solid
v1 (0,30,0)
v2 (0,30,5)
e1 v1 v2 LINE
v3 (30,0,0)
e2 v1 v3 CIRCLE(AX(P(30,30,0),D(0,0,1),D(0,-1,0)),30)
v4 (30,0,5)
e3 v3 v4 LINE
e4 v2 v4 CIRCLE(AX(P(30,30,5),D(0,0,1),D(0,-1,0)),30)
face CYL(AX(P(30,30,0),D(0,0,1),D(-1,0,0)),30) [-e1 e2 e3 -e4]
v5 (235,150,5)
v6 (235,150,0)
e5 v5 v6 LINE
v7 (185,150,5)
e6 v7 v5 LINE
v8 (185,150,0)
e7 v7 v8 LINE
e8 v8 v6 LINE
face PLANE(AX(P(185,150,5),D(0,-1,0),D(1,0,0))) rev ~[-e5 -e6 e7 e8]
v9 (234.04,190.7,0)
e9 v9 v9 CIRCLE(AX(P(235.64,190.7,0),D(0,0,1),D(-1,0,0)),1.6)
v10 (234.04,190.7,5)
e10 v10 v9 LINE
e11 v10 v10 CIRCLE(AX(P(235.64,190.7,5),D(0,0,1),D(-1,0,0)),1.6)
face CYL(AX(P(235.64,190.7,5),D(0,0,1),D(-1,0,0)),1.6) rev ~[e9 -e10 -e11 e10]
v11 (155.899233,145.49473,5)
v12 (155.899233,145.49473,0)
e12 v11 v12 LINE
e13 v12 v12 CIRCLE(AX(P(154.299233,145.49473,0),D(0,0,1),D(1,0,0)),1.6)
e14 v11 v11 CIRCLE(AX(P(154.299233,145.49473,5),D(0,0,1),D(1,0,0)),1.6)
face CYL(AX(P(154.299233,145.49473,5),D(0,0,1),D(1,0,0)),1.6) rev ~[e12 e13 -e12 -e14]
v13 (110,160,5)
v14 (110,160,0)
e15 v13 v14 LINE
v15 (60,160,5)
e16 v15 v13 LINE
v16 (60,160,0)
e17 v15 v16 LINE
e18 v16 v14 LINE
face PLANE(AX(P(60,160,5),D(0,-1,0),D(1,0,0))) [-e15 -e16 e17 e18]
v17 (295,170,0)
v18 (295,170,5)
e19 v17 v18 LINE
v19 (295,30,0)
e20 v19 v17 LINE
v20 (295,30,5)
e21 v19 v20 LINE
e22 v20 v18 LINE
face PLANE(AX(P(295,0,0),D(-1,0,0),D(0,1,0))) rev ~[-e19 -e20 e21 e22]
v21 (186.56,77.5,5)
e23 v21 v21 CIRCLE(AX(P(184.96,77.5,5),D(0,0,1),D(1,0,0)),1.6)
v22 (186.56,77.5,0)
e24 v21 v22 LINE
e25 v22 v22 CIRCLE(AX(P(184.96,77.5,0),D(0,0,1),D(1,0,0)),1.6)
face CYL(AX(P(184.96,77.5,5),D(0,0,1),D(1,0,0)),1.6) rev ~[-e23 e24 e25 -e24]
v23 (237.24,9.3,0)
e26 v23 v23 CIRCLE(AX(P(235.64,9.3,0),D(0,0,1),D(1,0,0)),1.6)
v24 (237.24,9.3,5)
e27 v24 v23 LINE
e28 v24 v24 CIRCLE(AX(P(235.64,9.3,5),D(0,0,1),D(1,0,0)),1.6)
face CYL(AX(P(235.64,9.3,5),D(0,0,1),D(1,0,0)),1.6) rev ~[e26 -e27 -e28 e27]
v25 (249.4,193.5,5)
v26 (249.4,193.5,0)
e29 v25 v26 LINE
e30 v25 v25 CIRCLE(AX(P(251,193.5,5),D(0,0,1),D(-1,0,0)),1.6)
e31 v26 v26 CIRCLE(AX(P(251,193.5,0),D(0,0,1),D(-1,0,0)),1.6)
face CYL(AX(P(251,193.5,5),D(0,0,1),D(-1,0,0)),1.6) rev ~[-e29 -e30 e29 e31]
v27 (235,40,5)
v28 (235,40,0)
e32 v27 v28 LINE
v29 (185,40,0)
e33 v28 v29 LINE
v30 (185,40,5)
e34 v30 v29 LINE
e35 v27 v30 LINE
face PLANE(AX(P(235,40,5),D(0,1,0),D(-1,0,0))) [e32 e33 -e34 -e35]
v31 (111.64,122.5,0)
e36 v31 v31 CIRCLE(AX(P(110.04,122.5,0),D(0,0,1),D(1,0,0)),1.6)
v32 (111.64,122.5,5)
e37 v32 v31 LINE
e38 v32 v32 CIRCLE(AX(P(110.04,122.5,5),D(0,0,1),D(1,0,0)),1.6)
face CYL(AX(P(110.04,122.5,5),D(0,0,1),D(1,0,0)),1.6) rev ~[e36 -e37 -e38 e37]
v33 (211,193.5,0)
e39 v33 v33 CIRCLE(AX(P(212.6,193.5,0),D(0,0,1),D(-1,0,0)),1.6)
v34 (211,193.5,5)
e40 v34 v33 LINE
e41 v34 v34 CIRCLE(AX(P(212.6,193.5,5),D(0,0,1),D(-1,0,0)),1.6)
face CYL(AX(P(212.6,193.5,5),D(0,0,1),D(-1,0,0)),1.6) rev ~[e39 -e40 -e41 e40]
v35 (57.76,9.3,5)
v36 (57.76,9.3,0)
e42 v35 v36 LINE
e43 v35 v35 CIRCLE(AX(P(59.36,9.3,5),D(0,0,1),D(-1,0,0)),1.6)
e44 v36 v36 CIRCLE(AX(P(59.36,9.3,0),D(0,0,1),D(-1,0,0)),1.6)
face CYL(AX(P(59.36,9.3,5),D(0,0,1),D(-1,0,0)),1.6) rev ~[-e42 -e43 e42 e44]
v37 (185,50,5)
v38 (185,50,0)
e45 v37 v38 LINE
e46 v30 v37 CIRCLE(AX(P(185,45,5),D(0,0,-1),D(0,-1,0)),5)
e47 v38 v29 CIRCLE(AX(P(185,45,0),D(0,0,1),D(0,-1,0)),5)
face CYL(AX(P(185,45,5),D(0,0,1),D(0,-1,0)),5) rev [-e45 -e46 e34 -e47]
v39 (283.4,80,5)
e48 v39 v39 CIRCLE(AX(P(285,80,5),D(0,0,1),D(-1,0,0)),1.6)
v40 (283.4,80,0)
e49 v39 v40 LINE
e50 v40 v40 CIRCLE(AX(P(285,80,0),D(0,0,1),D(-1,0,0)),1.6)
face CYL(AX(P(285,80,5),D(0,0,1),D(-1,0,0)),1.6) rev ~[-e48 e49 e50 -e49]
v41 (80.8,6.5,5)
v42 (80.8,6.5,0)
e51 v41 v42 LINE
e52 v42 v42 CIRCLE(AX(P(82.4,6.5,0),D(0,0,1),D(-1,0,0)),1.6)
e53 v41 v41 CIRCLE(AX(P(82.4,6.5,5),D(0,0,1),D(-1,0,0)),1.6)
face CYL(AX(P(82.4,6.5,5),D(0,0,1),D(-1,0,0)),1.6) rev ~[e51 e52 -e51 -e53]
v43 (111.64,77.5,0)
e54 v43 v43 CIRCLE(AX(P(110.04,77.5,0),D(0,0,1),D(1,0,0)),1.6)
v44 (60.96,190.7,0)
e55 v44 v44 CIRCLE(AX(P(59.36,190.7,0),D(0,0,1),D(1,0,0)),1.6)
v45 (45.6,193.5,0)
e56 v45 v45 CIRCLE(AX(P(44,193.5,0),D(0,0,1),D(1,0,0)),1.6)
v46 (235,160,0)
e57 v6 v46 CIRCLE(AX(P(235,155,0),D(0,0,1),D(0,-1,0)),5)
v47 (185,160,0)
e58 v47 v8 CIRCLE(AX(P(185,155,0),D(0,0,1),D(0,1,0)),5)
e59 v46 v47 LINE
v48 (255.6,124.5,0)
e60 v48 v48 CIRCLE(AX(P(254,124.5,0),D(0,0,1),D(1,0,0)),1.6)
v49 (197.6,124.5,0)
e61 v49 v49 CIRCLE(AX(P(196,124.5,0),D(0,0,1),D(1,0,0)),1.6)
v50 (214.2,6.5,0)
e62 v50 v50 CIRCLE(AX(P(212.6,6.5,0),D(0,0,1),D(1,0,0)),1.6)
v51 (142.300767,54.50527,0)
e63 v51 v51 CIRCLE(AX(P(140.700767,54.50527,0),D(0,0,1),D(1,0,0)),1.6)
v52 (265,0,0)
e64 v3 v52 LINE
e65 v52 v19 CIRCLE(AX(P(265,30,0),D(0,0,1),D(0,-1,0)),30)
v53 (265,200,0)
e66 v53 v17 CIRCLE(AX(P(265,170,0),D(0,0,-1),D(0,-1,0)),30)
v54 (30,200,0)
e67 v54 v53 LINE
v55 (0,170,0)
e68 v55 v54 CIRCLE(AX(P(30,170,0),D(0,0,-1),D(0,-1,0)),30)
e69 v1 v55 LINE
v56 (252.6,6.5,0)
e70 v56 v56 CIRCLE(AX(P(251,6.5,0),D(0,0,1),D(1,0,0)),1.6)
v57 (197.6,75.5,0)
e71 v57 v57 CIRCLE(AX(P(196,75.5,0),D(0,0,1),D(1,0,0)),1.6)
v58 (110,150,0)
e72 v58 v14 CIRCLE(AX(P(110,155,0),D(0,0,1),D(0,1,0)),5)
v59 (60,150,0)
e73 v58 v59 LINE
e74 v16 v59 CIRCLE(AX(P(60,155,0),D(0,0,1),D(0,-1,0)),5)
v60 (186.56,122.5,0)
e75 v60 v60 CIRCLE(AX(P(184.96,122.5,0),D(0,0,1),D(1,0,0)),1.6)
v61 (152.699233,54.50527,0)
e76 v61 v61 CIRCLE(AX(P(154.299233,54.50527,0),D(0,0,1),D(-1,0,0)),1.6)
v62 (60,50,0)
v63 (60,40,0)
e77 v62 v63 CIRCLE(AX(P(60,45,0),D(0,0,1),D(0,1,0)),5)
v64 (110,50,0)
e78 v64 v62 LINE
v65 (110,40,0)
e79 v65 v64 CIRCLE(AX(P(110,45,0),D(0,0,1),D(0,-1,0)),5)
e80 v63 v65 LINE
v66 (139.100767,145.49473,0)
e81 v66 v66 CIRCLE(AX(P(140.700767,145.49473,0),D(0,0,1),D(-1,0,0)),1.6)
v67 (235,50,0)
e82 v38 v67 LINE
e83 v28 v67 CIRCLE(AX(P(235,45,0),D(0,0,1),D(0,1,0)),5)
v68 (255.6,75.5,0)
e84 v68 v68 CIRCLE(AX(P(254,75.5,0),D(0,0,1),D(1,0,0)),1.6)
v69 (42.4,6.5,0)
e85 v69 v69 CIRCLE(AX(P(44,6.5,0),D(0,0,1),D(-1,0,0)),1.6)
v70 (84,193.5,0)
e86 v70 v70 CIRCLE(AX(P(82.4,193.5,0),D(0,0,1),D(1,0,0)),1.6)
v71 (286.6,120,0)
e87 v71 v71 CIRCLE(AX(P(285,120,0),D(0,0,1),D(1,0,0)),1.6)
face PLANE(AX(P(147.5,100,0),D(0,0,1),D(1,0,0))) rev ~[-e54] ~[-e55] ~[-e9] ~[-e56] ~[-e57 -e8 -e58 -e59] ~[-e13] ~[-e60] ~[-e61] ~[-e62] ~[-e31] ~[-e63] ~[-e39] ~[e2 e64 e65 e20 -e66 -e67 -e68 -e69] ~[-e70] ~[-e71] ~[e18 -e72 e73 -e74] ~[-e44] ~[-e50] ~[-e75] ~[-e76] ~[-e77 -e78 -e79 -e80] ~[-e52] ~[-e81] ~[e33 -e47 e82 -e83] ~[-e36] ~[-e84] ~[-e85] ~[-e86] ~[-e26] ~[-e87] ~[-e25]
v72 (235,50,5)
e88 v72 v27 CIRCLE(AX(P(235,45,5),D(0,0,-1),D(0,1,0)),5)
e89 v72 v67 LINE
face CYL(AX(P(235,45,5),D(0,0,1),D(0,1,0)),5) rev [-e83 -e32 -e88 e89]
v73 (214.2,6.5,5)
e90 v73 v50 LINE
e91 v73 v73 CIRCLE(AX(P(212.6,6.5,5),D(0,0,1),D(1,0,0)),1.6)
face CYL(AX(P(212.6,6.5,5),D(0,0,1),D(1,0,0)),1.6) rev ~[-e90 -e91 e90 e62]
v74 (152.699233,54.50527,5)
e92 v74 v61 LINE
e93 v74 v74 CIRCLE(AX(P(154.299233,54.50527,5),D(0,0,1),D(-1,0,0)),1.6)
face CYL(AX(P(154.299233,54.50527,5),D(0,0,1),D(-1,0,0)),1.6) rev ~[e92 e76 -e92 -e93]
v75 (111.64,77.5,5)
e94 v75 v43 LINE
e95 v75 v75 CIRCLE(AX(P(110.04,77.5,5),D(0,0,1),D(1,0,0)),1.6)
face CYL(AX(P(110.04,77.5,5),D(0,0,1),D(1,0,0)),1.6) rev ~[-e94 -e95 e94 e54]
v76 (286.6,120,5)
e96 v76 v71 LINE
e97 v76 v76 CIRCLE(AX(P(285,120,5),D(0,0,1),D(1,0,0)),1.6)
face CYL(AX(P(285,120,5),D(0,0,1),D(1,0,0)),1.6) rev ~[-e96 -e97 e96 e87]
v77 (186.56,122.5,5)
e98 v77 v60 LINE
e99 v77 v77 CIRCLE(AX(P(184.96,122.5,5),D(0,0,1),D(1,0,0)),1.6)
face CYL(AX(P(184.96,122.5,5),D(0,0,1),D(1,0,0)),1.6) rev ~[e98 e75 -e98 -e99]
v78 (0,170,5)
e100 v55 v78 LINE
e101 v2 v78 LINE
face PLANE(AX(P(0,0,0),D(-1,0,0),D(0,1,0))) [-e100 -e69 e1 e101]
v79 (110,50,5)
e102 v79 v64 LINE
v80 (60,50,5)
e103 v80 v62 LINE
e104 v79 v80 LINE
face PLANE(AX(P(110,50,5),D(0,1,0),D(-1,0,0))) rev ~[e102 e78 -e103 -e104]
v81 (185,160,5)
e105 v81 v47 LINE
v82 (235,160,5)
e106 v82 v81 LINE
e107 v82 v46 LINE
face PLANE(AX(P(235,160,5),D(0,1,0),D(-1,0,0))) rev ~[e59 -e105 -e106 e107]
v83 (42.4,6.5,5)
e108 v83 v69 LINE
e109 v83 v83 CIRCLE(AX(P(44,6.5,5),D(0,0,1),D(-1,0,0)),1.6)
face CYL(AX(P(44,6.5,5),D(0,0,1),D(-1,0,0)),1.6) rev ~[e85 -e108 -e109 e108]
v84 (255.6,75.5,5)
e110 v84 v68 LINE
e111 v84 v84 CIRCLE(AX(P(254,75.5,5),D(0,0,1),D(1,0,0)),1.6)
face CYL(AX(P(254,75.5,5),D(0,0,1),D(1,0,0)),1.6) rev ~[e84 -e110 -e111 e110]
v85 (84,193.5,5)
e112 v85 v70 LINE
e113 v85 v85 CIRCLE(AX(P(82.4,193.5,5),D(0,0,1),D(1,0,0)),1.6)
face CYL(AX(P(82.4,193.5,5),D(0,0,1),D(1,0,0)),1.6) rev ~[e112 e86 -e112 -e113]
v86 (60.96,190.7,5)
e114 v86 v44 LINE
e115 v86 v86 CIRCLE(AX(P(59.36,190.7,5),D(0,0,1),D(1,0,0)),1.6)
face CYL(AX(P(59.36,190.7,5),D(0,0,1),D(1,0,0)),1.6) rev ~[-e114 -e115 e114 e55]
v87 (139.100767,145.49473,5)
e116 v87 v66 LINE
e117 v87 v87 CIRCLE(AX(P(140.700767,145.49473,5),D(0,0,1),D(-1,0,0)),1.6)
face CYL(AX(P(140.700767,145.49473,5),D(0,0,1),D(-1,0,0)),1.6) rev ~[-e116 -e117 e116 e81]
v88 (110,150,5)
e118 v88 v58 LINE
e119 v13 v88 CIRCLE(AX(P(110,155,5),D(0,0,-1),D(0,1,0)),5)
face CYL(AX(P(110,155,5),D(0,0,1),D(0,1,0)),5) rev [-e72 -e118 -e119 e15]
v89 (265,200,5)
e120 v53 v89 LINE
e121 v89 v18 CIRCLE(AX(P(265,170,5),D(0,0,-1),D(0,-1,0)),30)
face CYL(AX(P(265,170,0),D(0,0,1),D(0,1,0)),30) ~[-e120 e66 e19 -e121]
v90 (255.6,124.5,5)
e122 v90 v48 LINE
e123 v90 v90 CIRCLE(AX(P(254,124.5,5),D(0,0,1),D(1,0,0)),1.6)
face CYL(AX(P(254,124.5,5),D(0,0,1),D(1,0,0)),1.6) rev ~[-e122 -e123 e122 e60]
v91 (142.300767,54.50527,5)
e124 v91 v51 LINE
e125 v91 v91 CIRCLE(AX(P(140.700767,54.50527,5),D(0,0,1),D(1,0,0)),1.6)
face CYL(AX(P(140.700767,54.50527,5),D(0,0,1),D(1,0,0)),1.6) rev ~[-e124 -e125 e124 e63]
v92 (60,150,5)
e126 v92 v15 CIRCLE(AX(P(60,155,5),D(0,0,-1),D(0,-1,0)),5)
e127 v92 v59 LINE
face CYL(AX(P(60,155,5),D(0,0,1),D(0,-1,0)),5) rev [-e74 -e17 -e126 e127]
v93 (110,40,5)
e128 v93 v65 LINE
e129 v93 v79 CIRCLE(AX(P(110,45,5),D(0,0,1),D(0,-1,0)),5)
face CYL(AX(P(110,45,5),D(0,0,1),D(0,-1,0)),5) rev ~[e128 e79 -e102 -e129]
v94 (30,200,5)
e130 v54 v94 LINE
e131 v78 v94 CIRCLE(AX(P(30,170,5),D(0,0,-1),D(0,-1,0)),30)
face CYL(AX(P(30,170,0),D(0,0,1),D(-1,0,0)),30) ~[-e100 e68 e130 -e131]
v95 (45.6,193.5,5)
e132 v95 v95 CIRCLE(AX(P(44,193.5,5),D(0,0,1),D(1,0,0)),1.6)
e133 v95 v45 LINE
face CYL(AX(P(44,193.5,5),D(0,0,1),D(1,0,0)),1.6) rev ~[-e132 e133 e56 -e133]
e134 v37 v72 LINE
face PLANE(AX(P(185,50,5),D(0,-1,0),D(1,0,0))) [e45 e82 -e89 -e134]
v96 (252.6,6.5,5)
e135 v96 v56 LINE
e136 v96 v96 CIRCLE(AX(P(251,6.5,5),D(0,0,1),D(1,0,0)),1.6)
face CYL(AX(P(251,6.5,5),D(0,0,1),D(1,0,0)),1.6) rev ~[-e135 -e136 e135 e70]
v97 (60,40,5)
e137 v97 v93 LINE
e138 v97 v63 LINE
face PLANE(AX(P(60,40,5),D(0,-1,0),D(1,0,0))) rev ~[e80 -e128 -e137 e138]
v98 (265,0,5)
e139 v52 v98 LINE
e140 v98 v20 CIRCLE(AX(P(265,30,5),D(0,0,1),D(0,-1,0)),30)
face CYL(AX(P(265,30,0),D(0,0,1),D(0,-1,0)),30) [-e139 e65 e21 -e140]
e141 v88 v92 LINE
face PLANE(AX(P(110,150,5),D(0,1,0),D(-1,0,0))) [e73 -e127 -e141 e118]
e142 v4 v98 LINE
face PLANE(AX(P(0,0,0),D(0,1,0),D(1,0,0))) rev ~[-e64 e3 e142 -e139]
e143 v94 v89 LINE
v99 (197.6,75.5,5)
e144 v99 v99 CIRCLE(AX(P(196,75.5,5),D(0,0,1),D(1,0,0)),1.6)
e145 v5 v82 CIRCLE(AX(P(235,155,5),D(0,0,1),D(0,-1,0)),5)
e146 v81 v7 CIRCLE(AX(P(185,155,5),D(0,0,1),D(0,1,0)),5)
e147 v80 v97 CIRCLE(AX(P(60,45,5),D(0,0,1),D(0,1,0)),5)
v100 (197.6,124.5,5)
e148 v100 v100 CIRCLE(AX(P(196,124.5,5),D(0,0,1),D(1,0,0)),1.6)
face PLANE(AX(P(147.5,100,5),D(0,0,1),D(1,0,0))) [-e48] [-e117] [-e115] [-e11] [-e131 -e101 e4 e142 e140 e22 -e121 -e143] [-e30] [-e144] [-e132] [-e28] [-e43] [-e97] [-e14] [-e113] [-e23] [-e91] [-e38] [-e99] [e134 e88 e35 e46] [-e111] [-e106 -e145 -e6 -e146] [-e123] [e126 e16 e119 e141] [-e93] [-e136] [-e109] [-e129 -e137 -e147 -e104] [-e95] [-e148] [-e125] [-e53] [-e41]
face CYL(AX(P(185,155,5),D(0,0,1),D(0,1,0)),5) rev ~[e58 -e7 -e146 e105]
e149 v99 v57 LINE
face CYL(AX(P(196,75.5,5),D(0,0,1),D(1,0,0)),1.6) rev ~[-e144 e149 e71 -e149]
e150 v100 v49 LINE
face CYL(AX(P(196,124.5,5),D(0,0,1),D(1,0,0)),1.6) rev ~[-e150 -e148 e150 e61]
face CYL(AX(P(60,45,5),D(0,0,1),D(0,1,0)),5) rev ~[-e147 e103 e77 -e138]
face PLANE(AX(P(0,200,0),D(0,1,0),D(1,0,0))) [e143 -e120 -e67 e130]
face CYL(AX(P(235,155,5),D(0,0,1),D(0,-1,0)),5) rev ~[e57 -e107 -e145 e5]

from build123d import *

# Parameters (mm, degrees)
SKETCH_1_W             = 295
SKETCH_1_H             = 200
EXTRUDE_1_DEPTH        = 5
SKETCH_2_R             = 1.6
CUT_EXTRUDE_549_DEPTH  = 357.440738412
SKETCH_3_R             = 1.6
CUT_EXTRUDE_902_DEPTH  = 5
SKETCH_4_R             = 1.6
CUT_EXTRUDE_1255_DEPTH = 5
SKETCH_5_R             = 1.6
CUT_EXTRUDE_1670_DEPTH = 5
SKETCH_8_R             = 1.6
CUT_EXTRUDE_2229_DEPTH = 50
SKETCH_10_R            = 1.6
CUT_EXTRUDE_2729_DEPTH = 357.440738412
CUT_EXTRUDE_3337_DEPTH = 10
FILLET_1_R             = 30


with BuildPart() as part:
    # 草图1 → 凸台-拉伸1 (new body)
    with BuildSketch(Plane.XY):
        with Locations((147.5, 100)):
            Rectangle(SKETCH_1_W, SKETCH_1_H)
    extrude(amount=EXTRUDE_1_DEPTH)

    # 草图2 → Cut-Extrude 549 (cut, through all)
    with BuildSketch(Plane.XY.offset(5)):
        with Locations((285, 120)):
            Circle(SKETCH_2_R)
        with Locations(Location((285, 80, 0), (0, 0, 180))):
            Circle(SKETCH_2_R)
    extrude(amount=-CUT_EXTRUDE_549_DEPTH, mode=Mode.SUBTRACT)

    # 草图3 → Cut-Extrude 902 (cut)
    with BuildSketch(Plane.XY.offset(5)):
        with Locations((251, 6.5)):
            Circle(SKETCH_3_R)
        with Locations((212.6, 6.5)):
            Circle(SKETCH_3_R)
        with Locations(Location((44, 6.5, 0), (0, 0, 180))):
            Circle(SKETCH_3_R)
        with Locations(Location((82.4, 6.5, 0), (0, 0, 180))):
            Circle(SKETCH_3_R)
        with Locations(Location((251, 193.5, 0), (0, 0, 180))):
            Circle(SKETCH_3_R)
        with Locations(Location((212.6, 193.5, 0), (0, 0, 180))):
            Circle(SKETCH_3_R)
        with Locations((82.4, 193.5)):
            Circle(SKETCH_3_R)
        with Locations((44, 193.5)):
            Circle(SKETCH_3_R)
    extrude(amount=-CUT_EXTRUDE_902_DEPTH, mode=Mode.SUBTRACT)

    # 草图4 → Cut-Extrude 1255 (cut)
    with BuildSketch(Plane.XY.offset(5)):
        with Locations((196, 124.5)):
            Circle(SKETCH_4_R)
        with Locations((254, 124.5)):
            Circle(SKETCH_4_R)
        with Locations((254, 75.5)):
            Circle(SKETCH_4_R)
        with Locations((196, 75.5)):
            Circle(SKETCH_4_R)
    extrude(amount=-CUT_EXTRUDE_1255_DEPTH, mode=Mode.SUBTRACT)

    # 草图5 → Cut-Extrude 1670 (cut)
    with BuildSketch(Plane.XY.offset(5)):
        with Locations((110.04, 122.5)):
            Circle(SKETCH_5_R)
        with Locations((184.96, 122.5)):
            Circle(SKETCH_5_R)
        with Locations((184.96, 77.5)):
            Circle(SKETCH_5_R)
        with Locations((110.04, 77.5)):
            Circle(SKETCH_5_R)
    extrude(amount=-CUT_EXTRUDE_1670_DEPTH, mode=Mode.SUBTRACT)

    # 草图8 → Cut-Extrude 2229 (cut)
    with BuildSketch(Plane.XY.offset(5)):
        with Locations((154.299232912, 145.494729715)):
            Circle(SKETCH_8_R)
        with Locations(Location((140.700767088, 145.494729715, 0), (0, 0, 180))):
            Circle(SKETCH_8_R)
        with Locations(Location((154.299232912, 54.505270285, 0), (0, 0, 180))):
            Circle(SKETCH_8_R)
        with Locations((140.700767088, 54.505270285)):
            Circle(SKETCH_8_R)
    extrude(amount=-CUT_EXTRUDE_2229_DEPTH, mode=Mode.SUBTRACT)

    # 草图10 → Cut-Extrude 2729 (cut, through all)
    with BuildSketch(Plane.XY.offset(5)):
        with Locations((59.36, 190.7)):
            Circle(SKETCH_10_R)
        with Locations(Location((235.64, 190.7, 0), (0, 0, 180))):
            Circle(SKETCH_10_R)
        with Locations((235.64, 9.3)):
            Circle(SKETCH_10_R)
        with Locations(Location((59.36, 9.3, 0), (0, 0, 180))):
            Circle(SKETCH_10_R)
    extrude(amount=-CUT_EXTRUDE_2729_DEPTH, mode=Mode.SUBTRACT)

    # 草图11 → Cut-Extrude 3337 (cut)
    with BuildSketch(Plane.XY.offset(5)):
        with BuildLine():
            Line((60, 160), (110, 160))
            ThreePointArc((110, 160), (115, 155), (110, 150))
            Line((110, 150), (60, 150))
            ThreePointArc((60, 150), (55, 155), (60, 160))
        make_face()
        with BuildLine():
            Line((60, 40), (110, 40))
            ThreePointArc((110, 40), (115, 45), (110, 50))
            Line((110, 50), (60, 50))
            ThreePointArc((60, 50), (55, 45), (60, 40))
        make_face()
        with BuildLine():
            Line((235, 40), (185, 40))
            ThreePointArc((185, 40), (180, 45), (185, 50))
            Line((185, 50), (235, 50))
            ThreePointArc((235, 50), (240, 45), (235, 40))
        make_face()
        with BuildLine():
            Line((235, 160), (185, 160))
            ThreePointArc((185, 160), (180, 155), (185, 150))
            Line((185, 150), (235, 150))
            ThreePointArc((235, 150), (240, 155), (235, 160))
        make_face()
    extrude(amount=-CUT_EXTRUDE_3337_DEPTH, mode=Mode.SUBTRACT)

    # 圆角1
    fillet_1_edges = [part.edges().sort_by_distance(p)[0] for p in [
        (0, 200, 2.5),
        (295, 200, 2.5),
        (295, 0, 2.5),
        (0, 0, 2.5),
    ]]
    fillet(fillet_1_edges, radius=FILLET_1_R)


solid = part.part
